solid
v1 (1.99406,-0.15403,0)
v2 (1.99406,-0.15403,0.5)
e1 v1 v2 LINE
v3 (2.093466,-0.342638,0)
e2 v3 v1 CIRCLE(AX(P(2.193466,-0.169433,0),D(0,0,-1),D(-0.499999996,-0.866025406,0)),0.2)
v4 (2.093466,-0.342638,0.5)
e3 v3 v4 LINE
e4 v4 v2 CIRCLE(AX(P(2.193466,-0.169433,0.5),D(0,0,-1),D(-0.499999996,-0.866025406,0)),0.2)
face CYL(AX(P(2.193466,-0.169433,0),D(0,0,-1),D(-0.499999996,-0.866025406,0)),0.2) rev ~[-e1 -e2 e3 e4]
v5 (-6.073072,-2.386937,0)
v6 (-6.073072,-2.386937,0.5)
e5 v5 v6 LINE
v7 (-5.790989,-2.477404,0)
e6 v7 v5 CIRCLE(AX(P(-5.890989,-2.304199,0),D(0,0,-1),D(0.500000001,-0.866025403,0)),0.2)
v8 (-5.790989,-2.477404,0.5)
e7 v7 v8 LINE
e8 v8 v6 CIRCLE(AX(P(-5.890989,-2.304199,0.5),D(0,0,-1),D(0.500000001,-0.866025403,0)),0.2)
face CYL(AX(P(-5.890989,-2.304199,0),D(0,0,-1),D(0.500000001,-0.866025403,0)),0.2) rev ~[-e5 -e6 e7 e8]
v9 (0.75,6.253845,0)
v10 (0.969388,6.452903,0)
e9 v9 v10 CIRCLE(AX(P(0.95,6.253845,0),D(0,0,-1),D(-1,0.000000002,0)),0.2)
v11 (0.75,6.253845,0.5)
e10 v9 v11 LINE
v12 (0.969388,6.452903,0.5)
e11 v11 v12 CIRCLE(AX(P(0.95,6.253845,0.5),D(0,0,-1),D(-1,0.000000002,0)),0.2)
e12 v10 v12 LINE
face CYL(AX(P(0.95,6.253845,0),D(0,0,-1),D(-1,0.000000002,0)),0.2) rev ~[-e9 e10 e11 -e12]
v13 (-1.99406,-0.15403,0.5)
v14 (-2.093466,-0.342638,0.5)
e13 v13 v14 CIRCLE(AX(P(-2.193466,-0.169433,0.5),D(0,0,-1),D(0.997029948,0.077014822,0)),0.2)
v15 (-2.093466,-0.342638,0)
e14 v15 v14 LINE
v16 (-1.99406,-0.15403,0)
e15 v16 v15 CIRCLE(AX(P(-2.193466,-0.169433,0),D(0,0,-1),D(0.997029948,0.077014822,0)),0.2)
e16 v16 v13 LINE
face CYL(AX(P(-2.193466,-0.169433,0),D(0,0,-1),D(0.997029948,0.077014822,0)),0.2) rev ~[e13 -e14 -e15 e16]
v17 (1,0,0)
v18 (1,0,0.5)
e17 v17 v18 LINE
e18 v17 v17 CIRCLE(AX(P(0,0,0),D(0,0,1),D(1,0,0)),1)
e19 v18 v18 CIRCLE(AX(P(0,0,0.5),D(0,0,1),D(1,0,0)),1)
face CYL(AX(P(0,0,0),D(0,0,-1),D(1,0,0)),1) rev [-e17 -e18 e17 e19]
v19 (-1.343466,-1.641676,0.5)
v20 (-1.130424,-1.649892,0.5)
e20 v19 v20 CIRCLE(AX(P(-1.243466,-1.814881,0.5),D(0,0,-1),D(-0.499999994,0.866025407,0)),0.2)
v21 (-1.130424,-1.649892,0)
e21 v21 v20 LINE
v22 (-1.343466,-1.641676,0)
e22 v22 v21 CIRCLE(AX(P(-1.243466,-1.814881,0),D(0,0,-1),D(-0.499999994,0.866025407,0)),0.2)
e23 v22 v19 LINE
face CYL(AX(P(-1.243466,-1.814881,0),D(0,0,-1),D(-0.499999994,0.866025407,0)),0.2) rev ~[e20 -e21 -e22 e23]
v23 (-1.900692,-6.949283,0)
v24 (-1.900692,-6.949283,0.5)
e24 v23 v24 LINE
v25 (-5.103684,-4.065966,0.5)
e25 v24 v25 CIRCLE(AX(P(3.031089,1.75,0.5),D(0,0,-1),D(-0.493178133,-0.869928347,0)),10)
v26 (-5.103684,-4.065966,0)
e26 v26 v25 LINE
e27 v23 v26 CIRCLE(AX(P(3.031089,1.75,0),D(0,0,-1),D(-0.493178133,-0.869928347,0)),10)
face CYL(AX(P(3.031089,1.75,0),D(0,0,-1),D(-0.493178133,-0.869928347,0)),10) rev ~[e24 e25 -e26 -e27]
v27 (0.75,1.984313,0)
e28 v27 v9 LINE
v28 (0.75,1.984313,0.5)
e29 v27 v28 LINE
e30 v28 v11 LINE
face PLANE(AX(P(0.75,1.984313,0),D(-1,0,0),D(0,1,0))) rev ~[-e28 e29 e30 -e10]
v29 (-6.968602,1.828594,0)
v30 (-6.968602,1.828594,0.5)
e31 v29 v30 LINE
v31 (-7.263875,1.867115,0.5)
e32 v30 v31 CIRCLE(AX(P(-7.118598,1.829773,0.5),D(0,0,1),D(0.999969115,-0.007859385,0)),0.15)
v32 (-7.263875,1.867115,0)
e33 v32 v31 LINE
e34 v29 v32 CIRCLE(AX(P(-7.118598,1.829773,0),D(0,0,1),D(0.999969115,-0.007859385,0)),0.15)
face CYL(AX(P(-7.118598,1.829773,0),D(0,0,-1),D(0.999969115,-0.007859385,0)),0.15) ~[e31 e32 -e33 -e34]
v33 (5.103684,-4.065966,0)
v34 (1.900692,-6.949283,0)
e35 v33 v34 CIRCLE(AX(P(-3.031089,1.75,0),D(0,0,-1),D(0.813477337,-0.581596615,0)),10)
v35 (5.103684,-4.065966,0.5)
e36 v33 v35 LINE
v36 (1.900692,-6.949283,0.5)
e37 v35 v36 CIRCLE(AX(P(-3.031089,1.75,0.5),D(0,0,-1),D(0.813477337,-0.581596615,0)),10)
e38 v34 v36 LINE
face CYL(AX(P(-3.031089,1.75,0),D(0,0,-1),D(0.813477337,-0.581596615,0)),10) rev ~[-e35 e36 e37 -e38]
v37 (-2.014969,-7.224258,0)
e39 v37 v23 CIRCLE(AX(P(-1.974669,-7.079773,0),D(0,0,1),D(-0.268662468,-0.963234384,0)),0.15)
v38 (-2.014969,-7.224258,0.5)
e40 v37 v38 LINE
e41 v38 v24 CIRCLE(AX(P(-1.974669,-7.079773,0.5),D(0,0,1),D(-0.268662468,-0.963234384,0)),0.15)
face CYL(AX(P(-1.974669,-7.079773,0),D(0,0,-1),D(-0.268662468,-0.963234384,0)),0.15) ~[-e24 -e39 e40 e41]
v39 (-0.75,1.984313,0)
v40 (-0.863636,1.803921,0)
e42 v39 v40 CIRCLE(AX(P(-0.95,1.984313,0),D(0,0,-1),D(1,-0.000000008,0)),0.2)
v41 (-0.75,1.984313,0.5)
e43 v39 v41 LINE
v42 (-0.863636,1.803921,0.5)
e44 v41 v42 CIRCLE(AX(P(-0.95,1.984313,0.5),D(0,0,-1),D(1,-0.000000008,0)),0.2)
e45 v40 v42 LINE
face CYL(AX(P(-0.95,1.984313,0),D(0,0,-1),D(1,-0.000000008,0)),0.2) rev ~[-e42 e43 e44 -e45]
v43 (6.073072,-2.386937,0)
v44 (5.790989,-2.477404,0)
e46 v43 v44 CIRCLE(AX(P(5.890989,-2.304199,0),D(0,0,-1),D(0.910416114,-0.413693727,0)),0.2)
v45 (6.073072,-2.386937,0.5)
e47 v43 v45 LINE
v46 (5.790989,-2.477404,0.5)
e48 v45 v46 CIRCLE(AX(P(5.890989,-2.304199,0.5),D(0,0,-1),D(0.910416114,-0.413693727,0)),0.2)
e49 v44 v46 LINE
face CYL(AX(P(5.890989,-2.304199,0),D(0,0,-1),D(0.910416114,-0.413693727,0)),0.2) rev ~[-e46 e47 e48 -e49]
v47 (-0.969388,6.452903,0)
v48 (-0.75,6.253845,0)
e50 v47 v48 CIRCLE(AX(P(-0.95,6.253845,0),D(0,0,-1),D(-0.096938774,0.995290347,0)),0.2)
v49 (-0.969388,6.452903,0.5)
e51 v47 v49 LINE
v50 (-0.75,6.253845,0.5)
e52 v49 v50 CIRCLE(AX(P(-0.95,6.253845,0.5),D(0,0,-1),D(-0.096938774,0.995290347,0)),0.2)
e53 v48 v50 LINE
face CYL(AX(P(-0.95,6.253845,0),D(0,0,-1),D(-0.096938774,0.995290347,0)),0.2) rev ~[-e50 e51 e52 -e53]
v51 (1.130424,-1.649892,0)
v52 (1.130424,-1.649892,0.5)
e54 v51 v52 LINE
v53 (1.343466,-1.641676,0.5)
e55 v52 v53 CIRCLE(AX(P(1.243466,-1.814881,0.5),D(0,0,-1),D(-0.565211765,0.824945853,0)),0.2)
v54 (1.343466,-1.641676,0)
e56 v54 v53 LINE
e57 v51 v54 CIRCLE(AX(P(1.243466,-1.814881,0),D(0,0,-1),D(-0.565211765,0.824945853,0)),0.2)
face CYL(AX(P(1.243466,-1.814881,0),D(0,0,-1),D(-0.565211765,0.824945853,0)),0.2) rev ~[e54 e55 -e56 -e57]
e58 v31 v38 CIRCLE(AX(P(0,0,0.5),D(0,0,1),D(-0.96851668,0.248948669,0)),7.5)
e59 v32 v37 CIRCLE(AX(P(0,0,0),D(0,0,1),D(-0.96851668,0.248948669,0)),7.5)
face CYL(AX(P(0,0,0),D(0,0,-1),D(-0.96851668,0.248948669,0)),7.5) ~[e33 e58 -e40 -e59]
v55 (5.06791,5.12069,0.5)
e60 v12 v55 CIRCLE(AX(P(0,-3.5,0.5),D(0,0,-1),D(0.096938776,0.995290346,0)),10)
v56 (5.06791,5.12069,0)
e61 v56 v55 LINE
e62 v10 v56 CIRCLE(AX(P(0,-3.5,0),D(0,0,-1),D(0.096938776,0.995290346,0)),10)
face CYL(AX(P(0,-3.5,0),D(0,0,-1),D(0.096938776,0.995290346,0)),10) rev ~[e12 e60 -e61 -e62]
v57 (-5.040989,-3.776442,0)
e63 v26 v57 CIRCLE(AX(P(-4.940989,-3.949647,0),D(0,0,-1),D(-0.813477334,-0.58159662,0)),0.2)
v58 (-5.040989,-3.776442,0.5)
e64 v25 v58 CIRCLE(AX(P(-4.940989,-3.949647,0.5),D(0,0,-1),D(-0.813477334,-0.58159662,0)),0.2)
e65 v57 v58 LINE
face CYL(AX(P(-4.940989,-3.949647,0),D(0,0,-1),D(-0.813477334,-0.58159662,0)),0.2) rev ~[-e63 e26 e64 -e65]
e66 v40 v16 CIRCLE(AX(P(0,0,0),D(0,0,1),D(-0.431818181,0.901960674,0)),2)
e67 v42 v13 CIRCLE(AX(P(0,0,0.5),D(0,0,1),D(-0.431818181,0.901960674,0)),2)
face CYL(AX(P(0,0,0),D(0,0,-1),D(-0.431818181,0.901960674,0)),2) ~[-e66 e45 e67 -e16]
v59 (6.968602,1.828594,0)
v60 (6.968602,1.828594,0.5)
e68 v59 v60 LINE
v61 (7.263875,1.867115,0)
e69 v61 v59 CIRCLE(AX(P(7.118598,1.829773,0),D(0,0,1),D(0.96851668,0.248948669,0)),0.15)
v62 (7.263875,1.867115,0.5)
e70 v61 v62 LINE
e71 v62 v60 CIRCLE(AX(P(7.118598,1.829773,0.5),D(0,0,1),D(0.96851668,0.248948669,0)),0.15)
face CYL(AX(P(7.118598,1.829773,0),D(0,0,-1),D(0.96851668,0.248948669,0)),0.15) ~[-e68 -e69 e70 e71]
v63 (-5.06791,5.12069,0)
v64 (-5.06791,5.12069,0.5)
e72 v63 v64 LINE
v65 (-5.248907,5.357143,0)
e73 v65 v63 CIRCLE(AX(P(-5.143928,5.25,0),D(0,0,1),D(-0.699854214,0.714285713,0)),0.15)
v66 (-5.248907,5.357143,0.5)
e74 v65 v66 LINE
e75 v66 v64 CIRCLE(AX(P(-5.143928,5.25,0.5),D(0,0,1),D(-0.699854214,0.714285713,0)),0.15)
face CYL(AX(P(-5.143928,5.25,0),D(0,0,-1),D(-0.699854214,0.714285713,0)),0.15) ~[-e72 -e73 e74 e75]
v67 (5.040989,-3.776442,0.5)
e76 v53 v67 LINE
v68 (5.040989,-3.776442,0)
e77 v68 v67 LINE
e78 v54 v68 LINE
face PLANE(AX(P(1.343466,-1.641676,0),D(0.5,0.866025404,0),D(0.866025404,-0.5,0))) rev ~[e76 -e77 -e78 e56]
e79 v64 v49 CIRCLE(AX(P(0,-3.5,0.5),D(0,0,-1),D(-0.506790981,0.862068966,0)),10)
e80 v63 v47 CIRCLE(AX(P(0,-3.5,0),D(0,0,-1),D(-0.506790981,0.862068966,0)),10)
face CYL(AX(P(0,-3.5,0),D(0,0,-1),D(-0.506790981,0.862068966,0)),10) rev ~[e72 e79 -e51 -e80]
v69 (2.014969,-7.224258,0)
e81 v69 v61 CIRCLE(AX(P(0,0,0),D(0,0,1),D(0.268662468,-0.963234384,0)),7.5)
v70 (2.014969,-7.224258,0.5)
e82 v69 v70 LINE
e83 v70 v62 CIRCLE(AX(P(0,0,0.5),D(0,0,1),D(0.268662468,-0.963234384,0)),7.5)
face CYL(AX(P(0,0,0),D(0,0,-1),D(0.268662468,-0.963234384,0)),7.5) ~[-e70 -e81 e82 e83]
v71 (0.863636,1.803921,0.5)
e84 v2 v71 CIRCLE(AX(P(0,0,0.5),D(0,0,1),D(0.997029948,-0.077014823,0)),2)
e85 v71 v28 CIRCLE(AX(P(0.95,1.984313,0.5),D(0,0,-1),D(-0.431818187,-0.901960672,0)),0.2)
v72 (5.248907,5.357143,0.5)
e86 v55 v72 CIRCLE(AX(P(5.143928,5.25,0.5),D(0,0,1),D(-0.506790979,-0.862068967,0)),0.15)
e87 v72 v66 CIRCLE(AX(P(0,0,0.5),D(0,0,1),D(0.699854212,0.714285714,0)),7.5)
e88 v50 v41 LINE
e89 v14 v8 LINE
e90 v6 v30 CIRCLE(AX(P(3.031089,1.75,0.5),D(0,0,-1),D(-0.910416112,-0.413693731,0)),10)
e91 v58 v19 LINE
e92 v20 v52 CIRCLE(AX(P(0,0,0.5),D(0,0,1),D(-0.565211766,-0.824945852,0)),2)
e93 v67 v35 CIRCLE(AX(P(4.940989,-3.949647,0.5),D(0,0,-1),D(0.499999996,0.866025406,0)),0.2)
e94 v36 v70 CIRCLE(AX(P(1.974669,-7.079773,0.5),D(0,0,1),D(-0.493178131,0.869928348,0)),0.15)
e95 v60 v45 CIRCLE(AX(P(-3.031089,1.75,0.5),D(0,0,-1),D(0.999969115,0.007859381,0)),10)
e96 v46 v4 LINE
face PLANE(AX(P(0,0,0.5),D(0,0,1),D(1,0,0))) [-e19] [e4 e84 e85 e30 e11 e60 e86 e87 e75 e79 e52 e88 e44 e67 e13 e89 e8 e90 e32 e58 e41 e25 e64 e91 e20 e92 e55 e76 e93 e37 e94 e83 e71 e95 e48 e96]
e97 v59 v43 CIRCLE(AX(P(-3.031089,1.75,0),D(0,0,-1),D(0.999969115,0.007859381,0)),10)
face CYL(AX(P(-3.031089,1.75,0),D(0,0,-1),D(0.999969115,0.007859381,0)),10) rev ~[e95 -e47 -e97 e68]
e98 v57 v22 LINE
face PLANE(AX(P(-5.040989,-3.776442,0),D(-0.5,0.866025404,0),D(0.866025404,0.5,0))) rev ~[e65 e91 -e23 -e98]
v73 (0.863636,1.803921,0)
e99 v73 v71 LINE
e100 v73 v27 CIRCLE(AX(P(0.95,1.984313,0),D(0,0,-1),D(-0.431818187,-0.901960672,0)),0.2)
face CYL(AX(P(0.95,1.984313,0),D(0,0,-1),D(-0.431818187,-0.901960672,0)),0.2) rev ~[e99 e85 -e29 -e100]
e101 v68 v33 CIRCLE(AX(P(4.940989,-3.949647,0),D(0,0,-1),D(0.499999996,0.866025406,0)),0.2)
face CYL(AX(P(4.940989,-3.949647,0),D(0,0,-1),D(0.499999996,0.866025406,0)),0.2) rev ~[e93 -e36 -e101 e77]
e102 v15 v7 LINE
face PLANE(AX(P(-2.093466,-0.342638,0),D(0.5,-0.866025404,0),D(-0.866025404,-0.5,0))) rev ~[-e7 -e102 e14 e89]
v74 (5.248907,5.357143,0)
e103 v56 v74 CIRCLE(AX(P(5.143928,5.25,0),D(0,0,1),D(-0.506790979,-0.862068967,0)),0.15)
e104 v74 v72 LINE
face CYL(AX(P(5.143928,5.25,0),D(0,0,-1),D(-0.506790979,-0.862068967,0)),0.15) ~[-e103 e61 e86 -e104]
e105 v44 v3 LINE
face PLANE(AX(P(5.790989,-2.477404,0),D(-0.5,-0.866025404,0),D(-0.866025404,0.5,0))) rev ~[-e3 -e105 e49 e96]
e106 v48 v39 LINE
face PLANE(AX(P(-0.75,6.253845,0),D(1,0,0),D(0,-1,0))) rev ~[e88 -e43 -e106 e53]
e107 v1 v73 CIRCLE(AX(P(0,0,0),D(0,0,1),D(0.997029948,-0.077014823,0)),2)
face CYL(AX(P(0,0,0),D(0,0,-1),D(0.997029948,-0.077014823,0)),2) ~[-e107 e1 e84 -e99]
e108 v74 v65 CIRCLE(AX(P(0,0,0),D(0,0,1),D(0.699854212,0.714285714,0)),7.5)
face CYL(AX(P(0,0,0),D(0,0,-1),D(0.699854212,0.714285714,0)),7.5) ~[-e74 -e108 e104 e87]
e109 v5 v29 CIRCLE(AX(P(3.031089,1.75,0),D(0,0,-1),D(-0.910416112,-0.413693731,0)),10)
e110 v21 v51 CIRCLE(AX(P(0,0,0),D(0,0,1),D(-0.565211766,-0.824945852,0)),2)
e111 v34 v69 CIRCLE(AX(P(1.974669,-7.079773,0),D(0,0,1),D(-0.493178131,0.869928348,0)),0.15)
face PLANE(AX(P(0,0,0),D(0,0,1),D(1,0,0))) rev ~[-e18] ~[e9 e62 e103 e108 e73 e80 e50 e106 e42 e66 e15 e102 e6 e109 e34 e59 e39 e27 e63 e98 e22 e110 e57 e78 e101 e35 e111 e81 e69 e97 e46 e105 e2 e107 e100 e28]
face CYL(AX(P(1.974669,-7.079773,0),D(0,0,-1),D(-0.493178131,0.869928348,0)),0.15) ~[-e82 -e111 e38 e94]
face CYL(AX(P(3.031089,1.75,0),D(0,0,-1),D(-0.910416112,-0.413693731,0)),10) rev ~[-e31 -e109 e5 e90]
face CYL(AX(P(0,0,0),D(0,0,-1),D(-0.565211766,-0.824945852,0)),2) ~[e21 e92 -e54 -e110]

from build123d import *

# Parameters (mm, degrees)
SKETCH_1_R      = 1
EXTRUDE_2_DEPTH = 0.5


with BuildPart() as part:
    # Эскиз1 → Бобышка-Вытянуть2 (new body)
    with BuildSketch(Plane.XY):
        with BuildLine():
            Line((-0.75, 6.253845396), (-0.75, 1.984313483))
            ThreePointArc((-0.75, 1.984313483), (-0.780777178, 1.877713125), (-0.863636364, 1.803921348))
            ThreePointArc((-0.863636364, 1.803921348), (-1.732050808, 1), (-1.994059896, -0.154029644))
            ThreePointArc((-1.994059896, -0.154029644), (-2.016535856, -0.262683692), (-2.093465886, -0.342637689))
            Line((-2.093465886, -0.342637689), (-5.790988984, -2.477403645))
            ThreePointArc((-5.790988984, -2.477403645), (-5.952066421, -2.494644217), (-6.073072206, -2.38693731))
            ThreePointArc((-6.073072206, -2.38693731), (-6.750627118, -0.327987365), (-6.968602233, 1.828593814))
            ThreePointArc((-6.968602233, 1.828593814), (-7.099193079, 1.978512308), (-7.263875102, 1.867115022))
            ThreePointArc((-7.263875102, 1.867115022), (-6.495190528, -3.75), (-2.01496851, -7.224257879))
            ThreePointArc((-2.01496851, -7.224257879), (-1.836154619, -7.137337707), (-1.90069242, -6.949283469))
            ThreePointArc((-1.90069242, -6.949283469), (-3.659358949, -5.682220893), (-5.103684451, -4.065966154))
            ThreePointArc((-5.103684451, -4.065966154), (-5.136458476, -3.907318617), (-5.040988984, -3.776441751))
            Line((-5.040988984, -3.776441751), (-1.343465886, -1.641675794))
            ThreePointArc((-1.343465886, -1.641675794), (-1.235758679, -1.615029433), (-1.130423532, -1.649891705))
            ThreePointArc((-1.130423532, -1.649891705), (0, -2), (1.130423532, -1.649891705))
            ThreePointArc((1.130423532, -1.649891705), (1.235758679, -1.615029433), (1.343465886, -1.641675794))
            Line((1.343465886, -1.641675794), (5.040988984, -3.776441751))
            ThreePointArc((5.040988984, -3.776441751), (5.136458476, -3.907318617), (5.103684451, -4.065966154))
            ThreePointArc((5.103684451, -4.065966154), (3.659358949, -5.682220893), (1.90069242, -6.949283469))
            ThreePointArc((1.90069242, -6.949283469), (1.836154619, -7.137337707), (2.01496851, -7.224257879))
            ThreePointArc((2.01496851, -7.224257879), (6.495190528, -3.75), (7.263875102, 1.867115022))
            ThreePointArc((7.263875102, 1.867115022), (7.099193079, 1.978512308), (6.968602233, 1.828593814))
            ThreePointArc((6.968602233, 1.828593814), (6.750627118, -0.327987365), (6.073072206, -2.38693731))
            ThreePointArc((6.073072206, -2.38693731), (5.952066421, -2.494644217), (5.790988984, -2.477403645))
            Line((5.790988984, -2.477403645), (2.093465886, -0.342637689))
            ThreePointArc((2.093465886, -0.342637689), (2.016535856, -0.262683692), (1.994059896, -0.154029644))
            ThreePointArc((1.994059896, -0.154029644), (1.732050808, 1), (0.863636364, 1.803921348))
            ThreePointArc((0.863636364, 1.803921348), (0.780777178, 1.877713125), (0.75, 1.984313483))
            Line((0.75, 1.984313483), (0.75, 6.253845396))
            ThreePointArc((0.75, 6.253845396), (0.815607945, 6.401962834), (0.969387755, 6.452903465))
            ThreePointArc((0.969387755, 6.452903465), (3.091268168, 6.010208258), (5.067909813, 5.120689655))
            ThreePointArc((5.067909813, 5.120689655), (5.26303846, 5.158825399), (5.248906592, 5.357142857))
            ThreePointArc((5.248906592, 5.357142857), (0, 7.5), (-5.248906592, 5.357142857))
            ThreePointArc((-5.248906592, 5.357142857), (-5.26303846, 5.158825399), (-5.067909813, 5.120689655))
            ThreePointArc((-5.067909813, 5.120689655), (-3.091268168, 6.010208258), (-0.969387755, 6.452903465))
            ThreePointArc((-0.969387755, 6.452903465), (-0.815607945, 6.401962834), (-0.75, 6.253845396))
        make_face()
        Circle(SKETCH_1_R, mode=Mode.SUBTRACT)
    extrude(amount=EXTRUDE_2_DEPTH)


solid = part.part
